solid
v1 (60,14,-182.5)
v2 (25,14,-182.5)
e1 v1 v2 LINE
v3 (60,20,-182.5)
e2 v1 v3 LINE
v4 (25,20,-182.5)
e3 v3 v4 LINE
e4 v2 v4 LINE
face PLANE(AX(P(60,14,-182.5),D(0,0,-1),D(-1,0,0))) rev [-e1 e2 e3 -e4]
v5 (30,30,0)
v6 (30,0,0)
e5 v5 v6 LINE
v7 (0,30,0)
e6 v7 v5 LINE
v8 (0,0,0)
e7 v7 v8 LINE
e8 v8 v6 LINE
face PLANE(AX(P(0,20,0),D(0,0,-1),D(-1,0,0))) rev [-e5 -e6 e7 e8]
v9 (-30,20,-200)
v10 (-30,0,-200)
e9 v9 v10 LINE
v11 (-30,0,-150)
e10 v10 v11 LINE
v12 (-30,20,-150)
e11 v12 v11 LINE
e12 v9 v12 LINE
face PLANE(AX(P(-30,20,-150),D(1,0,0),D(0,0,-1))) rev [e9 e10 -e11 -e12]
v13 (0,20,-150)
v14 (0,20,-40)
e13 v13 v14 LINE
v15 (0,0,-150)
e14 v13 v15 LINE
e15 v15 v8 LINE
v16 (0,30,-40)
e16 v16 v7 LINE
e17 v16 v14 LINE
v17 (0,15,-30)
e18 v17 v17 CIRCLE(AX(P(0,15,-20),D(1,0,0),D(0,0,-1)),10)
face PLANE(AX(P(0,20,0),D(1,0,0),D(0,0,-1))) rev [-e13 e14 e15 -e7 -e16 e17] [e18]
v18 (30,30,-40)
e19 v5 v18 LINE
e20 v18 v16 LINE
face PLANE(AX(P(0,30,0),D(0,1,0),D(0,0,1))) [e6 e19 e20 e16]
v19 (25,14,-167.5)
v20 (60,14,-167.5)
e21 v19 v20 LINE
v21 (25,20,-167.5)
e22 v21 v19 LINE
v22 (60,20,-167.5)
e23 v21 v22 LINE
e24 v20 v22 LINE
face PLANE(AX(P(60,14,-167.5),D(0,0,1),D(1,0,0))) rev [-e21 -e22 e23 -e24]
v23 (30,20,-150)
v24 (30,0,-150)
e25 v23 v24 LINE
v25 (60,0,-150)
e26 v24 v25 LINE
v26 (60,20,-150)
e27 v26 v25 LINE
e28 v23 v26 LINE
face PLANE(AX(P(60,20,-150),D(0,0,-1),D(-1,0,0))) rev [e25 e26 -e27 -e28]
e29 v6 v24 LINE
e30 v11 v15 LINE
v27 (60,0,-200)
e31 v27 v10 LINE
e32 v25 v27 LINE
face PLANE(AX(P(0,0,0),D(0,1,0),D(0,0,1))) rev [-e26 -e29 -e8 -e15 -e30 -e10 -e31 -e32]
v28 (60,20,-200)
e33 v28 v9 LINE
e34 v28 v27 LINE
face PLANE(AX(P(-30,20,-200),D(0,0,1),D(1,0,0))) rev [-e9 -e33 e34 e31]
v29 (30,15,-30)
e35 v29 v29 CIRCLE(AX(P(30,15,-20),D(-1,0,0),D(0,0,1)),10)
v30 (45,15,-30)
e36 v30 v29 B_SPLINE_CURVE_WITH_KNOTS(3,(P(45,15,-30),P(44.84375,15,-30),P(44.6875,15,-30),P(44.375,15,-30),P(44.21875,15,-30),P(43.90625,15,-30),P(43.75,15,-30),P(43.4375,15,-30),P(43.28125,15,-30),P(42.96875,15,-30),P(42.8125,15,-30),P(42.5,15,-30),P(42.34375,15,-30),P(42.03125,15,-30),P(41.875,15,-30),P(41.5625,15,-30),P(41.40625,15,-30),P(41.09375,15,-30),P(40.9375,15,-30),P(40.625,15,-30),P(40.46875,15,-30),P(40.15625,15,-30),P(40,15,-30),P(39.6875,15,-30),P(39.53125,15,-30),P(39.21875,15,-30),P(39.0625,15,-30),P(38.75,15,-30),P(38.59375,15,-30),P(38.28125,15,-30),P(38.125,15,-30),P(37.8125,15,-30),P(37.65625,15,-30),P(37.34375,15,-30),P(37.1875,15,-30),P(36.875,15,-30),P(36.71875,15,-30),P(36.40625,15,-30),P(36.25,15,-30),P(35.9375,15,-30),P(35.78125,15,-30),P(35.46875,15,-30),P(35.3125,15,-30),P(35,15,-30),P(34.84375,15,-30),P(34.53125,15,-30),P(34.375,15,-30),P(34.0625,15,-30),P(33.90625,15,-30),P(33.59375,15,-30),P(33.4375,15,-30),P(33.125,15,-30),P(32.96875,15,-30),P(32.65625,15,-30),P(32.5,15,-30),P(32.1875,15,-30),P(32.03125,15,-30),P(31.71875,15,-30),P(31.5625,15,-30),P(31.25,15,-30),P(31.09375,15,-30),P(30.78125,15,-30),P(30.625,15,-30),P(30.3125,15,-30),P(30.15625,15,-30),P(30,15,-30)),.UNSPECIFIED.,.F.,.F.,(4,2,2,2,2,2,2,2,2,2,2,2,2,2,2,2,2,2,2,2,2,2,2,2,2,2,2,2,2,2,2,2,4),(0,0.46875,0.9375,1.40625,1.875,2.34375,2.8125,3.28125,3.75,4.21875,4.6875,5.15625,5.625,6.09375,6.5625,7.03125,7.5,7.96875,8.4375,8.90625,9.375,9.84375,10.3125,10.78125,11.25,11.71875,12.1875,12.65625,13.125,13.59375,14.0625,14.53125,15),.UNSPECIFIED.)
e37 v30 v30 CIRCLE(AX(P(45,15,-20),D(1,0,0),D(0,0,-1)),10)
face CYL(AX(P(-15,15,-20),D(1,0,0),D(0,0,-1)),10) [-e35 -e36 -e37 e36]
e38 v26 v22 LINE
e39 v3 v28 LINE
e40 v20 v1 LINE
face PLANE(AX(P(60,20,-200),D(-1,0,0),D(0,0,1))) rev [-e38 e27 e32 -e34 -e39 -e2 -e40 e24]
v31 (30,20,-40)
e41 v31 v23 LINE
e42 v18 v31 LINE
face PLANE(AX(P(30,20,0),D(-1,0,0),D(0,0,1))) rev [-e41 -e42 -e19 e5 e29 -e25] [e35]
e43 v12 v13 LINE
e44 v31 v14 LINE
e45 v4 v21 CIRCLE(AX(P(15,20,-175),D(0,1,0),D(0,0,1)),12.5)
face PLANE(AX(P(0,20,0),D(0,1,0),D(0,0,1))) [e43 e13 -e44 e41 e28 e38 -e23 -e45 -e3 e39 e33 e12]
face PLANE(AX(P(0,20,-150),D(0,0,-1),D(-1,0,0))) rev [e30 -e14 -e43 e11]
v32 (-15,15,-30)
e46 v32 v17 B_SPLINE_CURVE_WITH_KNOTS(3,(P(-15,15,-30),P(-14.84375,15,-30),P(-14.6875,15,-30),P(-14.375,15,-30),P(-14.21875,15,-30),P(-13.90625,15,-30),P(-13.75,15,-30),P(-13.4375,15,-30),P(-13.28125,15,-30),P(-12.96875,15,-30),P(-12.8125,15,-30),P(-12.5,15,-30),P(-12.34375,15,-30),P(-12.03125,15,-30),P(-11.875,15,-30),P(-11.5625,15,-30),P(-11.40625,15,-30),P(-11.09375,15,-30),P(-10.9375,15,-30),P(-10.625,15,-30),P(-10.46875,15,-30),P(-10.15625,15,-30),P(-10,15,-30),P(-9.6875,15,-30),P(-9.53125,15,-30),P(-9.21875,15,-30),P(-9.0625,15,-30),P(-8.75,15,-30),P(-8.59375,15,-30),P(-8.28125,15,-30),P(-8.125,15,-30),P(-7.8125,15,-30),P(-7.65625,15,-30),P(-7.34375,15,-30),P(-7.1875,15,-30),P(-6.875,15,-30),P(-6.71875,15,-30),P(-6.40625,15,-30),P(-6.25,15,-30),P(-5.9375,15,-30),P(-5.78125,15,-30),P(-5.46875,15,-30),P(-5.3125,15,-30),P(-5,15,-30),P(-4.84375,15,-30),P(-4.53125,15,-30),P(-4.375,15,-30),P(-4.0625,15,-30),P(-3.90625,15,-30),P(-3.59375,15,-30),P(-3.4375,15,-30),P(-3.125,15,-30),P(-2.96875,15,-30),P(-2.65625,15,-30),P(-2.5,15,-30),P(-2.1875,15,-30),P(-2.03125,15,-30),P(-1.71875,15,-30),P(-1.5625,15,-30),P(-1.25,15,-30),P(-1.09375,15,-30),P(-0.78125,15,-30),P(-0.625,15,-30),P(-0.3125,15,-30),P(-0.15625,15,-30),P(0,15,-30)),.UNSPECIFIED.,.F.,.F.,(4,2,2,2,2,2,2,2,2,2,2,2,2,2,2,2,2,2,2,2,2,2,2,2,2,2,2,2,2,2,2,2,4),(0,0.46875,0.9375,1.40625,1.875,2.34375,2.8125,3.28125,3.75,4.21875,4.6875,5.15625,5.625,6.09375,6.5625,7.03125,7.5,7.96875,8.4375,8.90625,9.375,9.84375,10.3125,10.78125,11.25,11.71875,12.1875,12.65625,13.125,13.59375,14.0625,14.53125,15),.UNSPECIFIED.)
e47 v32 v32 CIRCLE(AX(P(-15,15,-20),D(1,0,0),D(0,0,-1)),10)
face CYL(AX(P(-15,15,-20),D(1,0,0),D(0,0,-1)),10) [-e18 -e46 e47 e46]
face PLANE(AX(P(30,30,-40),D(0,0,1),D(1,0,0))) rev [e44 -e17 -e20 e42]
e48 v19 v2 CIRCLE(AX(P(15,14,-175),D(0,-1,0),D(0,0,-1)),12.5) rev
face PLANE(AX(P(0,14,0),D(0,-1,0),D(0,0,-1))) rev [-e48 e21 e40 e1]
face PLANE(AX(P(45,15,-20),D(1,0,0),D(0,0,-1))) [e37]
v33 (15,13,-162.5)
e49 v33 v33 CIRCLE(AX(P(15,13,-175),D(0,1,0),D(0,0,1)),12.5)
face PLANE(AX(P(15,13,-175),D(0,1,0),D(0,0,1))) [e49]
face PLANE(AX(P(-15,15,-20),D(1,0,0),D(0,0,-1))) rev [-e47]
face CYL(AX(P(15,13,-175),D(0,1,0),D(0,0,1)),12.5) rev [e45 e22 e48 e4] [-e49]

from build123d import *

# Parameters (mm, degrees)
BOSS_EXTRUDE1_DEPTH      = 20
SKETCH2_R                = 12.5
CUT_EXTRUDE1_DEPTH       = 7
SKETCH3_W                = 38
SKETCH3_H                = 15
CUT_EXTRUDE2_DEPTH       = 6
SKETCH7_W                = 30
SKETCH7_H                = 40
BOSS_EXTRUDE2_DEPTH      = 10
BOSS_EXTRUDE3_DEPTH      = 15
BOSS_EXTRUDE3_DEPTH_BACK = 45
SKETCH8_R                = 10


with BuildPart() as part:
    # Sketch1 → Boss-Extrude1 (new body)
    with BuildSketch(Plane(origin=(0, 0, 0), x_dir=(1, 0, 0), z_dir=(0, 1, 0))):
        Polygon((0, 0), (30, 0), (30, 150), (60, 150), (60, 200), (-30, 200), (-30, 150), (0, 150), align=None)
    extrude(amount=BOSS_EXTRUDE1_DEPTH)

    # Sketch2 → Cut-Extrude1 (cut)
    with BuildSketch(Plane(origin=(0, 20, 0), x_dir=(1, 0, 0), z_dir=(0, 1, 0))):
        with Locations(Location((15, 175, 0), (0, 0, 270))):
            Circle(SKETCH2_R)
    extrude(amount=-CUT_EXTRUDE1_DEPTH, mode=Mode.SUBTRACT)

    # Sketch3 → Cut-Extrude2 (cut)
    with BuildSketch(Plane(origin=(0, 20, 0), x_dir=(1, 0, 0), z_dir=(0, 1, 0))):
        with Locations((41, 175)):
            Rectangle(SKETCH3_W, SKETCH3_H)
    extrude(amount=-CUT_EXTRUDE2_DEPTH, mode=Mode.SUBTRACT)

    # Sketch7 → Boss-Extrude2 (add)
    with BuildSketch(Plane(origin=(0, 20, 0), x_dir=(1, 0, 0), z_dir=(0, 1, 0))):
        with Locations((15, 20)):
            Rectangle(SKETCH7_W, SKETCH7_H)
    extrude(amount=BOSS_EXTRUDE2_DEPTH)

    # Sketch8 → Boss-Extrude3 (add, two sides: drawn at the far end of the back side and taken through both)
    with BuildSketch(Plane(origin=(30, 0, 0), x_dir=(0, 0, -1), z_dir=(1, 0, 0)).offset(-BOSS_EXTRUDE3_DEPTH_BACK)):
        with Locations((20, 15)):
            Circle(SKETCH8_R)
    extrude(amount=BOSS_EXTRUDE3_DEPTH + BOSS_EXTRUDE3_DEPTH_BACK)


solid = part.part
